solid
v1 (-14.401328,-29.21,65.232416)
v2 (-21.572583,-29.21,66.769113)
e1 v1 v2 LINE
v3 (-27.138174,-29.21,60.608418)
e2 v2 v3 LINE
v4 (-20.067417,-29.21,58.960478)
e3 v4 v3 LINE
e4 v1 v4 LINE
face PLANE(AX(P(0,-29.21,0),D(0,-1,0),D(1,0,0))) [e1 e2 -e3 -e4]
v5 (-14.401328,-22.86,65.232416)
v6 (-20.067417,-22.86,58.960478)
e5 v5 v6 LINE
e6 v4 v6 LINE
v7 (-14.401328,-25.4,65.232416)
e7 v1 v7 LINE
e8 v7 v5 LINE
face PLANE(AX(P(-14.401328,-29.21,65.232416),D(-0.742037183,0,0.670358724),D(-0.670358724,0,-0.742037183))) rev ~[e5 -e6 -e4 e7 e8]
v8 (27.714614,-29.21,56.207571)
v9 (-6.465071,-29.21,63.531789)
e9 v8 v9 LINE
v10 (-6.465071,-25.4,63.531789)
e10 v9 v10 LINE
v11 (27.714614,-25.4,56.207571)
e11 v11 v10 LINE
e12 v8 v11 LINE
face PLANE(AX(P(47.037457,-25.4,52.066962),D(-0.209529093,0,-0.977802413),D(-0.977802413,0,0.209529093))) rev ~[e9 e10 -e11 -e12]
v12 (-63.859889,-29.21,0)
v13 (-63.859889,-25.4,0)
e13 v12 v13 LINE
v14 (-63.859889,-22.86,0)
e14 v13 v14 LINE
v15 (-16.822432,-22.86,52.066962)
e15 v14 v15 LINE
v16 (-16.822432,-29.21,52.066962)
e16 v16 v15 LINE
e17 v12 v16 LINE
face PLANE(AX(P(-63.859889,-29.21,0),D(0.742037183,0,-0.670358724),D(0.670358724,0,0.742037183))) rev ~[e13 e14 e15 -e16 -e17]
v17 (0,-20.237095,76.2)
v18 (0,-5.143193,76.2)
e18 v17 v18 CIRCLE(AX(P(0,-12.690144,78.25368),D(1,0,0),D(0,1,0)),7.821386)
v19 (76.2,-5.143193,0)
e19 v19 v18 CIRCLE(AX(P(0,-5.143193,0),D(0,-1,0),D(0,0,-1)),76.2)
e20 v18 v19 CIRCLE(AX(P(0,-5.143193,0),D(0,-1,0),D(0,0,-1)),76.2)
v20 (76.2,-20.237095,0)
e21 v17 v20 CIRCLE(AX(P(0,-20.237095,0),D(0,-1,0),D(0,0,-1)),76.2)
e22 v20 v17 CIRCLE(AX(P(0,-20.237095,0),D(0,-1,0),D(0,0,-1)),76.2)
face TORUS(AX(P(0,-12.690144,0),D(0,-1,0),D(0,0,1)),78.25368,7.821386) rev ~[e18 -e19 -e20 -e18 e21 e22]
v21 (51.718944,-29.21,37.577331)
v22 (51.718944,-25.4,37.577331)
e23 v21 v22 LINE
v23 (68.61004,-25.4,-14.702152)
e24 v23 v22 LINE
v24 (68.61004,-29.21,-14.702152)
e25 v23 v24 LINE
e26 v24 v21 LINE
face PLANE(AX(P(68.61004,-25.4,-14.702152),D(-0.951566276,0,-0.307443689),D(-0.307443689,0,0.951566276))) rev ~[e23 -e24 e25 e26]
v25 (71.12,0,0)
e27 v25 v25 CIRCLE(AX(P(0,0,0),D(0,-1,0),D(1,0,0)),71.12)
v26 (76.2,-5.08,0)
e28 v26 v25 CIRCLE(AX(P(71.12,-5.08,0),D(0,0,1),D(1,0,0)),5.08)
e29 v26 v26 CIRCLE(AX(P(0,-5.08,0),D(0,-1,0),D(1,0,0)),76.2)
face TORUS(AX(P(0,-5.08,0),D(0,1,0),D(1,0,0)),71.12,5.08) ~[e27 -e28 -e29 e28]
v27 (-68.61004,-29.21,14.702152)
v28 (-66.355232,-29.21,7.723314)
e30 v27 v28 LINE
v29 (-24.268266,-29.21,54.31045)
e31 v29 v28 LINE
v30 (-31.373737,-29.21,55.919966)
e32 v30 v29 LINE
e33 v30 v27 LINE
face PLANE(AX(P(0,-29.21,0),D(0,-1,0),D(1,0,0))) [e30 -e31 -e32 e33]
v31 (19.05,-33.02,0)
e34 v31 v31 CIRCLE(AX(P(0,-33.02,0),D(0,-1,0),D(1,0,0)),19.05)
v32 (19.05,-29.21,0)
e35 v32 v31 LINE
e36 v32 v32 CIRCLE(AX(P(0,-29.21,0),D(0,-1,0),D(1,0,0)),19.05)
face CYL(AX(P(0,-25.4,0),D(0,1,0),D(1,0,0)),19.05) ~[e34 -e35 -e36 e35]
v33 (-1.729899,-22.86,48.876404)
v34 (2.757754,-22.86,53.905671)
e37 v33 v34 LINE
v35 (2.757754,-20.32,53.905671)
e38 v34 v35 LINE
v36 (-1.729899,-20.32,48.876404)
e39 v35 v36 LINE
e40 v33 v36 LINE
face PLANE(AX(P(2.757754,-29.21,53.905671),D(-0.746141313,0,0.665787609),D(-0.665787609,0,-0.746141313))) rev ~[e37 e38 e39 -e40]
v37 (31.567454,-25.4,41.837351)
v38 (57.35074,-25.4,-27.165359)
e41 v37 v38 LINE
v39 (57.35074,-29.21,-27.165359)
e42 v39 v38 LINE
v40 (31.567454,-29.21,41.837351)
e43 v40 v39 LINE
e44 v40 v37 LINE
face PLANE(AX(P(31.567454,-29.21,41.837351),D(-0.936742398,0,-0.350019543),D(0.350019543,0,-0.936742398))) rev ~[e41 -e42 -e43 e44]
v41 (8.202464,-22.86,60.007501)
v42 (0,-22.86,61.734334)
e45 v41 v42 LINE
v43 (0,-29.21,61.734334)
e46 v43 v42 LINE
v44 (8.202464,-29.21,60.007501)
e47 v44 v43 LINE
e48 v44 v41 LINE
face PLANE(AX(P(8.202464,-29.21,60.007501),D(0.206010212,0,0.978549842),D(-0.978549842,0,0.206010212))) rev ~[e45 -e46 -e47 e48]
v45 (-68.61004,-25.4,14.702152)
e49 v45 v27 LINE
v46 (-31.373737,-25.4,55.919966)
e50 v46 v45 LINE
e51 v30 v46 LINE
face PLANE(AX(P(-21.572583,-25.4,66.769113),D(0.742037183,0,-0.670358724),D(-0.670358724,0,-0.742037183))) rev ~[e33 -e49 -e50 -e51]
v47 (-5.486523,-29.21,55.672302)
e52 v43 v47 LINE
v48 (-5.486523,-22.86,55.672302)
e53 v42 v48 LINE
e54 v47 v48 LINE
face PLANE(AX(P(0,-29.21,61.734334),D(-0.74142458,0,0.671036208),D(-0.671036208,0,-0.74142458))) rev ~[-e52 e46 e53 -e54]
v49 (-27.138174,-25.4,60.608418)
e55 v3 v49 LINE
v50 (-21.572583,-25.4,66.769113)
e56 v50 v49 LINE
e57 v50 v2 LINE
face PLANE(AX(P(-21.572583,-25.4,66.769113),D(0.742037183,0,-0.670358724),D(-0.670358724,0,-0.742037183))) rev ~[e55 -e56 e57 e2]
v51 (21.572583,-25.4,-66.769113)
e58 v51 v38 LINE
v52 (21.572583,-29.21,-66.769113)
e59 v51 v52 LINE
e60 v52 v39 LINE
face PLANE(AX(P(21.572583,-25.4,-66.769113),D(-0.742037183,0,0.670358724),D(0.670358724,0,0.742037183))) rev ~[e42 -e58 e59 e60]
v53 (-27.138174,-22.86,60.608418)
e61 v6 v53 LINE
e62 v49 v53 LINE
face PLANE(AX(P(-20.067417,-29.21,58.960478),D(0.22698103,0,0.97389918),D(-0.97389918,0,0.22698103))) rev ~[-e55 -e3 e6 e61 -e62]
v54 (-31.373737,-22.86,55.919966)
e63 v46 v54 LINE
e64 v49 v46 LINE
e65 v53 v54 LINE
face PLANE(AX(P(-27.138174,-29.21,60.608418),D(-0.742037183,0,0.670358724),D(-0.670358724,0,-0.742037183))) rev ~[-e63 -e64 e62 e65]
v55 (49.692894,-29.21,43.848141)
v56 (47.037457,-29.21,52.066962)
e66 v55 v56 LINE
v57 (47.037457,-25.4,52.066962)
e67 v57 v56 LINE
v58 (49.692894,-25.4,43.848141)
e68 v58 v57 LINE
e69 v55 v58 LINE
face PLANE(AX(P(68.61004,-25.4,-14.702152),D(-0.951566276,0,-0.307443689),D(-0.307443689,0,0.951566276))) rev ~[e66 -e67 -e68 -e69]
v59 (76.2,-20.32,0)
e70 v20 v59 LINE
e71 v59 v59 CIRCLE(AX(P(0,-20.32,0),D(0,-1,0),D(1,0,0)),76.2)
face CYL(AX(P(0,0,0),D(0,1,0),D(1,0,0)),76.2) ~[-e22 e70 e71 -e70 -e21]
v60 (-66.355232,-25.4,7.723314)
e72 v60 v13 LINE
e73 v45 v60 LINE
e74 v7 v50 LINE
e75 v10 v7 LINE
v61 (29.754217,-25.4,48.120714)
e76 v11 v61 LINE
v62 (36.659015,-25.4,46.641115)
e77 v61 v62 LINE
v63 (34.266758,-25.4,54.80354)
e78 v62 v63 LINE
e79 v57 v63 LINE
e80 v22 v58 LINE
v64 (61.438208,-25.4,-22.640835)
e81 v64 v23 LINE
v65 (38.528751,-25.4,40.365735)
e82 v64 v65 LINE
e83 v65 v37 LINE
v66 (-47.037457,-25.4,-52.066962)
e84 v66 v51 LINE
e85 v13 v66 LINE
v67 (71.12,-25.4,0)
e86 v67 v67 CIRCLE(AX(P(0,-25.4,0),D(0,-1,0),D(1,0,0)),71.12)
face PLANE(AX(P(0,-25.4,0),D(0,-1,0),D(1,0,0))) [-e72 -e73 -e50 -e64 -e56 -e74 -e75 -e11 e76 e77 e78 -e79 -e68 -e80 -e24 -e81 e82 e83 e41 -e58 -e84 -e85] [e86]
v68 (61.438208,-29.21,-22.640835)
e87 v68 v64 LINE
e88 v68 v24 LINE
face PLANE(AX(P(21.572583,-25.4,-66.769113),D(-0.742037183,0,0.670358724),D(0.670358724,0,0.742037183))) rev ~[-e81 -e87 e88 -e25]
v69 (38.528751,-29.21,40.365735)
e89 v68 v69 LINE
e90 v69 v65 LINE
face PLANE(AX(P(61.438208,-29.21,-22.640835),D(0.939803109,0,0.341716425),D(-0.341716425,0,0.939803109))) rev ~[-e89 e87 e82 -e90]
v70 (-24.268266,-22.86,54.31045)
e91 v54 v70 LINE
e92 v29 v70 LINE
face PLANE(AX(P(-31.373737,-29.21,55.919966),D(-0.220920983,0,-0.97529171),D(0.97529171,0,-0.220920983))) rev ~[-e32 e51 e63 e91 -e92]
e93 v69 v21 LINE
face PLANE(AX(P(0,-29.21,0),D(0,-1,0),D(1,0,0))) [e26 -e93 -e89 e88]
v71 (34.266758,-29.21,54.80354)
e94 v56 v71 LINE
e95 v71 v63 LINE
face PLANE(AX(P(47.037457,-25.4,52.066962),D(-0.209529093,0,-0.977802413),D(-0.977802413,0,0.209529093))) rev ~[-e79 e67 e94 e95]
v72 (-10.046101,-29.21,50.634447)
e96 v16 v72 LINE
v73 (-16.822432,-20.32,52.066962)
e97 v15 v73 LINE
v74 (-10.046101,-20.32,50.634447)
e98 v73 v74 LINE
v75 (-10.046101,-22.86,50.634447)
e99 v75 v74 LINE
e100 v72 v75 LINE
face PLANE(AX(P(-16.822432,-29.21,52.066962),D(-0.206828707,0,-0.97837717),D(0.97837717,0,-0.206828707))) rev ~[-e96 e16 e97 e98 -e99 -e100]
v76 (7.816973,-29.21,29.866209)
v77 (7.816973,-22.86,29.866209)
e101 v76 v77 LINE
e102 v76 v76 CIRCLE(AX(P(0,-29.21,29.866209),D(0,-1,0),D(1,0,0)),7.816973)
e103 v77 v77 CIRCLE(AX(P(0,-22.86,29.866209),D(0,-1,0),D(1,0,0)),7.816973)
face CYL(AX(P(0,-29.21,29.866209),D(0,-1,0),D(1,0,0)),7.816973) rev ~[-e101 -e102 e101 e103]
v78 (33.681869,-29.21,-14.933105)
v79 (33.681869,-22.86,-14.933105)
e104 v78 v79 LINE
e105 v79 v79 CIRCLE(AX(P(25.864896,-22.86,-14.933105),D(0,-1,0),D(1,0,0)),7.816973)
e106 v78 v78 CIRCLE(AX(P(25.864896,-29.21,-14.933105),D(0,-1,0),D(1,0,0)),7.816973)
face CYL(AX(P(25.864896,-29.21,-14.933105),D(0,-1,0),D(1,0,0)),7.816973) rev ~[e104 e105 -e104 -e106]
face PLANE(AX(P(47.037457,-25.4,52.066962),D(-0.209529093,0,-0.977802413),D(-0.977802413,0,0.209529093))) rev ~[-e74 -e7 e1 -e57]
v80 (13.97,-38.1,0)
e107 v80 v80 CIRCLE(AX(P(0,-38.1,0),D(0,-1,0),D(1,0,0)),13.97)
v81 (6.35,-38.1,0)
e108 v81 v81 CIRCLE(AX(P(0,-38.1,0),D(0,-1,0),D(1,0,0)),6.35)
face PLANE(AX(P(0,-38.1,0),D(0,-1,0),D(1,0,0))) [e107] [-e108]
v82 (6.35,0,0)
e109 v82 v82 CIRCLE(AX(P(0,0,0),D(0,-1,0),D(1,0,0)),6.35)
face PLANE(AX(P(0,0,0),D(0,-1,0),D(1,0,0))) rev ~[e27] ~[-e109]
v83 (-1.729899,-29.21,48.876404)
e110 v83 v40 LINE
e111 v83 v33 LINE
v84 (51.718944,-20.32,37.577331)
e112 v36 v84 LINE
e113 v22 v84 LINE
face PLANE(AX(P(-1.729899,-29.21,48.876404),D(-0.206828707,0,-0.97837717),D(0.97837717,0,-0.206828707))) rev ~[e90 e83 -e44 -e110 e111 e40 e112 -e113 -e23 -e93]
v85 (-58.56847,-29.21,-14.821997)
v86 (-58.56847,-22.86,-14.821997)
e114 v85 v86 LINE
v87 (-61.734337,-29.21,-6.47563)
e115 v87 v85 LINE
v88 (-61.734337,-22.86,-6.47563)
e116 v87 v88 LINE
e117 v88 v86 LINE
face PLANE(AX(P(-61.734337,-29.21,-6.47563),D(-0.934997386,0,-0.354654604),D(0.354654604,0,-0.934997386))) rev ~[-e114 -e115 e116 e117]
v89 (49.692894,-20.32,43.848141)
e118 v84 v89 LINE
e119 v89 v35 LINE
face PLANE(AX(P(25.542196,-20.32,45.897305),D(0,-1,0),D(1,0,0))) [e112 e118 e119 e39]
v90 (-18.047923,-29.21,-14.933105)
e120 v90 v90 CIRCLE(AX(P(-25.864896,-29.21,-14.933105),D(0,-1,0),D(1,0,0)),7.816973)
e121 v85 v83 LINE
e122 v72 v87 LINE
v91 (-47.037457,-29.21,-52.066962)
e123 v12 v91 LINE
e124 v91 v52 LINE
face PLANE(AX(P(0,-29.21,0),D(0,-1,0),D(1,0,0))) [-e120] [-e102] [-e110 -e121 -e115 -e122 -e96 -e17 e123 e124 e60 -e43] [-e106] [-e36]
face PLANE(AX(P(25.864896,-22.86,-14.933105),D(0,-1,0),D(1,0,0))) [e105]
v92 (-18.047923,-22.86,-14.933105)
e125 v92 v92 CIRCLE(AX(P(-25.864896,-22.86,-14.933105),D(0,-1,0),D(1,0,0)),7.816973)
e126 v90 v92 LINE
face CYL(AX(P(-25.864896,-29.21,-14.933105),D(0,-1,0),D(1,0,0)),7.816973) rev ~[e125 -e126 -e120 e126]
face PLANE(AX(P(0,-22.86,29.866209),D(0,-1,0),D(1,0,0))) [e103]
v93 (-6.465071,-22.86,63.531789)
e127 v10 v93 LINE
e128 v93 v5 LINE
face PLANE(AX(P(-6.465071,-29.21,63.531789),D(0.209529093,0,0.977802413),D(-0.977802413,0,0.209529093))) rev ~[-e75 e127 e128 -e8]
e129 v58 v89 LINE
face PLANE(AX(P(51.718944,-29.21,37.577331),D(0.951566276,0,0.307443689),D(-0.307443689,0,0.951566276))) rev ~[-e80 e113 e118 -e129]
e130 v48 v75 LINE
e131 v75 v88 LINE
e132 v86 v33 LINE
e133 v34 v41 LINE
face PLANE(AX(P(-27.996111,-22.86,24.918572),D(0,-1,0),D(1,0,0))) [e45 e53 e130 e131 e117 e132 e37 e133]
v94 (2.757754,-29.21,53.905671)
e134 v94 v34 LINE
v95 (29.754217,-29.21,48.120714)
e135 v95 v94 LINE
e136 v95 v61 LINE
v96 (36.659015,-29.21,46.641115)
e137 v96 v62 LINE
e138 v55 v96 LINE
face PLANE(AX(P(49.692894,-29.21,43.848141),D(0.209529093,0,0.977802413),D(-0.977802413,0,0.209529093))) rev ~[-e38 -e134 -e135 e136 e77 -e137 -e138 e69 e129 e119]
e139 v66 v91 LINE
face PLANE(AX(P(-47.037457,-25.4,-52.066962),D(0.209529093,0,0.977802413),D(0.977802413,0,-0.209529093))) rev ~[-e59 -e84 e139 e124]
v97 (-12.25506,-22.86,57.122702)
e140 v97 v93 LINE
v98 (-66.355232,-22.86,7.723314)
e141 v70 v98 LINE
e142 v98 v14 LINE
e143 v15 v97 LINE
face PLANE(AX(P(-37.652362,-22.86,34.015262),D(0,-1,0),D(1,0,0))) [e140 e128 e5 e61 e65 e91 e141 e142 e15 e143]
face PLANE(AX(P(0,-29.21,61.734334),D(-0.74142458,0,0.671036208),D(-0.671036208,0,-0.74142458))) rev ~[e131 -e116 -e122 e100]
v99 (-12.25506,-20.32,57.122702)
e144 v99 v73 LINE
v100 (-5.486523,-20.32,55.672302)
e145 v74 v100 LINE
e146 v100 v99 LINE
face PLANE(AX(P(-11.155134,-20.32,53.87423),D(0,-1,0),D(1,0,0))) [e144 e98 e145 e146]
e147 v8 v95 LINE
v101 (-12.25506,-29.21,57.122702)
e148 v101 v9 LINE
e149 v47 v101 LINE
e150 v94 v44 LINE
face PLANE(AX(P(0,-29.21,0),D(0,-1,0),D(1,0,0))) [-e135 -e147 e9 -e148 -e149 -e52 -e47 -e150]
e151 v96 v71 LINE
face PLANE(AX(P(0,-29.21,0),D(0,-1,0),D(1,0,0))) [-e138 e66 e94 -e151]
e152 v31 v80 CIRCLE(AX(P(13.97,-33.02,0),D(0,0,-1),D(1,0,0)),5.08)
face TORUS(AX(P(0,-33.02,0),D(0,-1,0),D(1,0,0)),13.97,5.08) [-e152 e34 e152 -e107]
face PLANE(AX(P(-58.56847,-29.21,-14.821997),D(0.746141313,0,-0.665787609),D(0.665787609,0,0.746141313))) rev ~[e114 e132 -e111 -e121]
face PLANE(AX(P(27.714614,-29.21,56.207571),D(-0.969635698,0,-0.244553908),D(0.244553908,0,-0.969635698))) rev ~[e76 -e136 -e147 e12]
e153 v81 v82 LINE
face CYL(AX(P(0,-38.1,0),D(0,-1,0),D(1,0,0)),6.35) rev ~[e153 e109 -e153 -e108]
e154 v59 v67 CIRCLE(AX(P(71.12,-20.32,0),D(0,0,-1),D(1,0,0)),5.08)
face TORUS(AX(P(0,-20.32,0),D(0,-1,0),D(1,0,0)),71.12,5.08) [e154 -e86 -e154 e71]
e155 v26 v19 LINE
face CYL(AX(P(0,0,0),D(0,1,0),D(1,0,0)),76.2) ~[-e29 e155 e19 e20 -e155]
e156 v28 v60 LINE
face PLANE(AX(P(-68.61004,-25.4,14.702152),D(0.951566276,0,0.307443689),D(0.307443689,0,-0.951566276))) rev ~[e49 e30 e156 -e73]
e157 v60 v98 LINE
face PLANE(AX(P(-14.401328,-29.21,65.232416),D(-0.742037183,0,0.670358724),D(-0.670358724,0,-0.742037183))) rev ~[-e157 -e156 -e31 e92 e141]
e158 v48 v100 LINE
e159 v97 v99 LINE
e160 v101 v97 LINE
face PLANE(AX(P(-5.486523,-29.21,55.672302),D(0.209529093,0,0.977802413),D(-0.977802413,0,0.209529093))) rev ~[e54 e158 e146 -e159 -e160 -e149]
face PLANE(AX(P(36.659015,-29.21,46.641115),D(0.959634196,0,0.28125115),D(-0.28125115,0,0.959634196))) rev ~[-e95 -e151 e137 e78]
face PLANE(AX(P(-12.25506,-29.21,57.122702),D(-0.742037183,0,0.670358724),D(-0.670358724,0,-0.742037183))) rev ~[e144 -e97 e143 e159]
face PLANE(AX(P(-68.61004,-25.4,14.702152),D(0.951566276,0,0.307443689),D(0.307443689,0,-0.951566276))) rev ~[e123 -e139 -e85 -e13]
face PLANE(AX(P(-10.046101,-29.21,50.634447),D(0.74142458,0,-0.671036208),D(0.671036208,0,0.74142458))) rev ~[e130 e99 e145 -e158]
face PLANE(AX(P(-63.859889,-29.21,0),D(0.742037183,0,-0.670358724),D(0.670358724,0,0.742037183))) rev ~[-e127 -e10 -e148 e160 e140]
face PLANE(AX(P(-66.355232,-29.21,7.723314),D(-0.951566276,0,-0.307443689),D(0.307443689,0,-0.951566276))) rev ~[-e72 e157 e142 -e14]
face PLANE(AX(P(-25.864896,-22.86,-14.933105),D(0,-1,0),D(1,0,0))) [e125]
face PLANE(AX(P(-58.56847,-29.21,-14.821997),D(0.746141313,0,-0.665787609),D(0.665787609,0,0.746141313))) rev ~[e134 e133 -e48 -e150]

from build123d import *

# Parameters (mm, degrees)
F0_R      = 76.2
F1_DEPTH  = 25.4
F2_R      = 5.08
F3_R      = 19.05
F4_DEPTH  = 12.7
F5_R      = 5.08
F6_R      = 6.35
F7_DEPTH  = 76.2
F8_R      = 7.8213855598
F10_R     = 19.05
F12_DEPTH = 3.81
F13_R     = 7.8169730868
F14_DEPTH = 6.35
F17_DEPTH = 6.35
F19_DEPTH = 8.89
F21_DEPTH = 6.35
F23_DEPTH = 3.81
F25_DEPTH = 3.81


with BuildPart() as f1:
    # F0 (on Front) → F1 (new body)
    with BuildSketch(Plane.XZ):
        Circle(F0_R)
    extrude(amount=F1_DEPTH)

    # F2
    f2_edges = [f1.edges().sort_by_distance(p)[0] for p in [
        (-76.2, 0, 0),
        (-76.2, -25.4, 0),
    ]]
    fillet(f2_edges, radius=F2_R)

    # F3 (on face) → F4 (join)
    with BuildSketch(Plane.XZ.offset(25.4)):
        Circle(F3_R)
    extrude(amount=F4_DEPTH)

    # F5
    f5_edges = [f1.edges().sort_by_distance(p)[0] for p in [
        (-19.05, -38.1, 0),
    ]]
    fillet(f5_edges, radius=F5_R)

    # F6 (on face) → F7 (cut)
    with BuildSketch(Plane.XZ.offset(38.1)):
        Circle(F6_R)
    extrude(amount=-F7_DEPTH, mode=Mode.SUBTRACT)

    # F8 (on Right) → F9 (revolve, cut)
    with BuildSketch(Plane.YZ):
        with Locations((-12.6901438412, 78.25367953)):
            Circle(F8_R)
    revolve(axis=Axis((0, -25.4, 0), (0, -1, 0)), mode=Mode.SUBTRACT)

    # F10 (on face) → F12 (join)
    with BuildSketch(Plane.XZ.offset(25.4)):
        Polygon((47.0374568453, 52.0669616734), (-21.5725830844, 66.7691133941), (-68.6100399297, 14.7021517208), (-47.0374568453, -52.0669616734), (21.5725830844, -66.7691133941), (68.6100399297, -14.7021517208), align=None)
        Circle(F10_R, mode=Mode.SUBTRACT)
    extrude(amount=F12_DEPTH)

    # F13 (on face) → F14 (cut)
    with BuildSketch(Plane.XZ.offset(29.21)):
        with Locations((-25.8648959284, -14.9331046268)):
            Circle(F13_R)
        with Locations((25.8648959284, -14.9331046268)):
            Circle(F13_R)
        with Locations((0, 29.8662092537)):
            Circle(F13_R)
    extrude(amount=-F14_DEPTH, mode=Mode.SUBTRACT)

    # F15 (on face) + F16 (on face) → F17 (cut)
    with BuildSketch(Plane.XZ.offset(29.21)):
        Polygon((-6.4650705634, 63.5317892149), (-14.4013282363, 65.2324158946), (-66.3552315782, 7.7233140955), (-63.8598886488, 0), align=None)
    with BuildSketch(Plane.XZ.offset(29.21)):
        Polygon((0, 61.7343336344), (-61.7343373597, -6.4756297506), (-58.56847018, -14.8219969124), (8.2024643198, 60.0075013936), align=None)
    extrude(amount=-F17_DEPTH, mode=Mode.SUBTRACT)

    # F18 (on face) → F19 (cut)
    with BuildSketch(Plane.XZ.offset(29.21)):
        Polygon((-5.4865229519, 55.6723016167), (-12.2550597484, 57.1227023891), (-16.8224318034, 52.0669616734), (-10.0461006354, 50.6344468321), align=None)
        Polygon((49.692894259, 43.8481405387), (2.757754124, 53.9056707778), (-1.7298993235, 48.8764037987), (51.7189443483, 37.5773306116), align=None)
    extrude(amount=-F19_DEPTH, mode=Mode.SUBTRACT)

    # F20 (on face) → F21 (cut)
    with BuildSketch(Plane.XZ.offset(29.21)):
        Polygon((-24.2682661942, 54.3104504028), (-20.0674166684, 58.960477975), (-27.1381742899, 60.6084184199), (-31.3737366627, 55.9199663113), align=None)
    extrude(amount=-F21_DEPTH, mode=Mode.SUBTRACT)

    # F22 (on face) → F23 (cut)
    with BuildSketch(Plane.XZ.offset(29.21)):
        Polygon((38.5287505055, 40.3657345385), (31.5674540827, 41.8373509918), (57.3507397373, -27.1653585118), (61.4382083927, -22.6408351193), align=None)
    extrude(amount=-F23_DEPTH, mode=Mode.SUBTRACT)

    # F24 (on face) → F25 (cut)
    with BuildSketch(Plane.XZ.offset(29.21)):
        Polygon((29.7542170904, 48.120714307), (36.6590147413, 46.6411147795), (34.266757864, 54.8035400837), (27.7146135315, 56.2075710414), align=None)
    extrude(amount=-F25_DEPTH, mode=Mode.SUBTRACT)


solid = f1.part
